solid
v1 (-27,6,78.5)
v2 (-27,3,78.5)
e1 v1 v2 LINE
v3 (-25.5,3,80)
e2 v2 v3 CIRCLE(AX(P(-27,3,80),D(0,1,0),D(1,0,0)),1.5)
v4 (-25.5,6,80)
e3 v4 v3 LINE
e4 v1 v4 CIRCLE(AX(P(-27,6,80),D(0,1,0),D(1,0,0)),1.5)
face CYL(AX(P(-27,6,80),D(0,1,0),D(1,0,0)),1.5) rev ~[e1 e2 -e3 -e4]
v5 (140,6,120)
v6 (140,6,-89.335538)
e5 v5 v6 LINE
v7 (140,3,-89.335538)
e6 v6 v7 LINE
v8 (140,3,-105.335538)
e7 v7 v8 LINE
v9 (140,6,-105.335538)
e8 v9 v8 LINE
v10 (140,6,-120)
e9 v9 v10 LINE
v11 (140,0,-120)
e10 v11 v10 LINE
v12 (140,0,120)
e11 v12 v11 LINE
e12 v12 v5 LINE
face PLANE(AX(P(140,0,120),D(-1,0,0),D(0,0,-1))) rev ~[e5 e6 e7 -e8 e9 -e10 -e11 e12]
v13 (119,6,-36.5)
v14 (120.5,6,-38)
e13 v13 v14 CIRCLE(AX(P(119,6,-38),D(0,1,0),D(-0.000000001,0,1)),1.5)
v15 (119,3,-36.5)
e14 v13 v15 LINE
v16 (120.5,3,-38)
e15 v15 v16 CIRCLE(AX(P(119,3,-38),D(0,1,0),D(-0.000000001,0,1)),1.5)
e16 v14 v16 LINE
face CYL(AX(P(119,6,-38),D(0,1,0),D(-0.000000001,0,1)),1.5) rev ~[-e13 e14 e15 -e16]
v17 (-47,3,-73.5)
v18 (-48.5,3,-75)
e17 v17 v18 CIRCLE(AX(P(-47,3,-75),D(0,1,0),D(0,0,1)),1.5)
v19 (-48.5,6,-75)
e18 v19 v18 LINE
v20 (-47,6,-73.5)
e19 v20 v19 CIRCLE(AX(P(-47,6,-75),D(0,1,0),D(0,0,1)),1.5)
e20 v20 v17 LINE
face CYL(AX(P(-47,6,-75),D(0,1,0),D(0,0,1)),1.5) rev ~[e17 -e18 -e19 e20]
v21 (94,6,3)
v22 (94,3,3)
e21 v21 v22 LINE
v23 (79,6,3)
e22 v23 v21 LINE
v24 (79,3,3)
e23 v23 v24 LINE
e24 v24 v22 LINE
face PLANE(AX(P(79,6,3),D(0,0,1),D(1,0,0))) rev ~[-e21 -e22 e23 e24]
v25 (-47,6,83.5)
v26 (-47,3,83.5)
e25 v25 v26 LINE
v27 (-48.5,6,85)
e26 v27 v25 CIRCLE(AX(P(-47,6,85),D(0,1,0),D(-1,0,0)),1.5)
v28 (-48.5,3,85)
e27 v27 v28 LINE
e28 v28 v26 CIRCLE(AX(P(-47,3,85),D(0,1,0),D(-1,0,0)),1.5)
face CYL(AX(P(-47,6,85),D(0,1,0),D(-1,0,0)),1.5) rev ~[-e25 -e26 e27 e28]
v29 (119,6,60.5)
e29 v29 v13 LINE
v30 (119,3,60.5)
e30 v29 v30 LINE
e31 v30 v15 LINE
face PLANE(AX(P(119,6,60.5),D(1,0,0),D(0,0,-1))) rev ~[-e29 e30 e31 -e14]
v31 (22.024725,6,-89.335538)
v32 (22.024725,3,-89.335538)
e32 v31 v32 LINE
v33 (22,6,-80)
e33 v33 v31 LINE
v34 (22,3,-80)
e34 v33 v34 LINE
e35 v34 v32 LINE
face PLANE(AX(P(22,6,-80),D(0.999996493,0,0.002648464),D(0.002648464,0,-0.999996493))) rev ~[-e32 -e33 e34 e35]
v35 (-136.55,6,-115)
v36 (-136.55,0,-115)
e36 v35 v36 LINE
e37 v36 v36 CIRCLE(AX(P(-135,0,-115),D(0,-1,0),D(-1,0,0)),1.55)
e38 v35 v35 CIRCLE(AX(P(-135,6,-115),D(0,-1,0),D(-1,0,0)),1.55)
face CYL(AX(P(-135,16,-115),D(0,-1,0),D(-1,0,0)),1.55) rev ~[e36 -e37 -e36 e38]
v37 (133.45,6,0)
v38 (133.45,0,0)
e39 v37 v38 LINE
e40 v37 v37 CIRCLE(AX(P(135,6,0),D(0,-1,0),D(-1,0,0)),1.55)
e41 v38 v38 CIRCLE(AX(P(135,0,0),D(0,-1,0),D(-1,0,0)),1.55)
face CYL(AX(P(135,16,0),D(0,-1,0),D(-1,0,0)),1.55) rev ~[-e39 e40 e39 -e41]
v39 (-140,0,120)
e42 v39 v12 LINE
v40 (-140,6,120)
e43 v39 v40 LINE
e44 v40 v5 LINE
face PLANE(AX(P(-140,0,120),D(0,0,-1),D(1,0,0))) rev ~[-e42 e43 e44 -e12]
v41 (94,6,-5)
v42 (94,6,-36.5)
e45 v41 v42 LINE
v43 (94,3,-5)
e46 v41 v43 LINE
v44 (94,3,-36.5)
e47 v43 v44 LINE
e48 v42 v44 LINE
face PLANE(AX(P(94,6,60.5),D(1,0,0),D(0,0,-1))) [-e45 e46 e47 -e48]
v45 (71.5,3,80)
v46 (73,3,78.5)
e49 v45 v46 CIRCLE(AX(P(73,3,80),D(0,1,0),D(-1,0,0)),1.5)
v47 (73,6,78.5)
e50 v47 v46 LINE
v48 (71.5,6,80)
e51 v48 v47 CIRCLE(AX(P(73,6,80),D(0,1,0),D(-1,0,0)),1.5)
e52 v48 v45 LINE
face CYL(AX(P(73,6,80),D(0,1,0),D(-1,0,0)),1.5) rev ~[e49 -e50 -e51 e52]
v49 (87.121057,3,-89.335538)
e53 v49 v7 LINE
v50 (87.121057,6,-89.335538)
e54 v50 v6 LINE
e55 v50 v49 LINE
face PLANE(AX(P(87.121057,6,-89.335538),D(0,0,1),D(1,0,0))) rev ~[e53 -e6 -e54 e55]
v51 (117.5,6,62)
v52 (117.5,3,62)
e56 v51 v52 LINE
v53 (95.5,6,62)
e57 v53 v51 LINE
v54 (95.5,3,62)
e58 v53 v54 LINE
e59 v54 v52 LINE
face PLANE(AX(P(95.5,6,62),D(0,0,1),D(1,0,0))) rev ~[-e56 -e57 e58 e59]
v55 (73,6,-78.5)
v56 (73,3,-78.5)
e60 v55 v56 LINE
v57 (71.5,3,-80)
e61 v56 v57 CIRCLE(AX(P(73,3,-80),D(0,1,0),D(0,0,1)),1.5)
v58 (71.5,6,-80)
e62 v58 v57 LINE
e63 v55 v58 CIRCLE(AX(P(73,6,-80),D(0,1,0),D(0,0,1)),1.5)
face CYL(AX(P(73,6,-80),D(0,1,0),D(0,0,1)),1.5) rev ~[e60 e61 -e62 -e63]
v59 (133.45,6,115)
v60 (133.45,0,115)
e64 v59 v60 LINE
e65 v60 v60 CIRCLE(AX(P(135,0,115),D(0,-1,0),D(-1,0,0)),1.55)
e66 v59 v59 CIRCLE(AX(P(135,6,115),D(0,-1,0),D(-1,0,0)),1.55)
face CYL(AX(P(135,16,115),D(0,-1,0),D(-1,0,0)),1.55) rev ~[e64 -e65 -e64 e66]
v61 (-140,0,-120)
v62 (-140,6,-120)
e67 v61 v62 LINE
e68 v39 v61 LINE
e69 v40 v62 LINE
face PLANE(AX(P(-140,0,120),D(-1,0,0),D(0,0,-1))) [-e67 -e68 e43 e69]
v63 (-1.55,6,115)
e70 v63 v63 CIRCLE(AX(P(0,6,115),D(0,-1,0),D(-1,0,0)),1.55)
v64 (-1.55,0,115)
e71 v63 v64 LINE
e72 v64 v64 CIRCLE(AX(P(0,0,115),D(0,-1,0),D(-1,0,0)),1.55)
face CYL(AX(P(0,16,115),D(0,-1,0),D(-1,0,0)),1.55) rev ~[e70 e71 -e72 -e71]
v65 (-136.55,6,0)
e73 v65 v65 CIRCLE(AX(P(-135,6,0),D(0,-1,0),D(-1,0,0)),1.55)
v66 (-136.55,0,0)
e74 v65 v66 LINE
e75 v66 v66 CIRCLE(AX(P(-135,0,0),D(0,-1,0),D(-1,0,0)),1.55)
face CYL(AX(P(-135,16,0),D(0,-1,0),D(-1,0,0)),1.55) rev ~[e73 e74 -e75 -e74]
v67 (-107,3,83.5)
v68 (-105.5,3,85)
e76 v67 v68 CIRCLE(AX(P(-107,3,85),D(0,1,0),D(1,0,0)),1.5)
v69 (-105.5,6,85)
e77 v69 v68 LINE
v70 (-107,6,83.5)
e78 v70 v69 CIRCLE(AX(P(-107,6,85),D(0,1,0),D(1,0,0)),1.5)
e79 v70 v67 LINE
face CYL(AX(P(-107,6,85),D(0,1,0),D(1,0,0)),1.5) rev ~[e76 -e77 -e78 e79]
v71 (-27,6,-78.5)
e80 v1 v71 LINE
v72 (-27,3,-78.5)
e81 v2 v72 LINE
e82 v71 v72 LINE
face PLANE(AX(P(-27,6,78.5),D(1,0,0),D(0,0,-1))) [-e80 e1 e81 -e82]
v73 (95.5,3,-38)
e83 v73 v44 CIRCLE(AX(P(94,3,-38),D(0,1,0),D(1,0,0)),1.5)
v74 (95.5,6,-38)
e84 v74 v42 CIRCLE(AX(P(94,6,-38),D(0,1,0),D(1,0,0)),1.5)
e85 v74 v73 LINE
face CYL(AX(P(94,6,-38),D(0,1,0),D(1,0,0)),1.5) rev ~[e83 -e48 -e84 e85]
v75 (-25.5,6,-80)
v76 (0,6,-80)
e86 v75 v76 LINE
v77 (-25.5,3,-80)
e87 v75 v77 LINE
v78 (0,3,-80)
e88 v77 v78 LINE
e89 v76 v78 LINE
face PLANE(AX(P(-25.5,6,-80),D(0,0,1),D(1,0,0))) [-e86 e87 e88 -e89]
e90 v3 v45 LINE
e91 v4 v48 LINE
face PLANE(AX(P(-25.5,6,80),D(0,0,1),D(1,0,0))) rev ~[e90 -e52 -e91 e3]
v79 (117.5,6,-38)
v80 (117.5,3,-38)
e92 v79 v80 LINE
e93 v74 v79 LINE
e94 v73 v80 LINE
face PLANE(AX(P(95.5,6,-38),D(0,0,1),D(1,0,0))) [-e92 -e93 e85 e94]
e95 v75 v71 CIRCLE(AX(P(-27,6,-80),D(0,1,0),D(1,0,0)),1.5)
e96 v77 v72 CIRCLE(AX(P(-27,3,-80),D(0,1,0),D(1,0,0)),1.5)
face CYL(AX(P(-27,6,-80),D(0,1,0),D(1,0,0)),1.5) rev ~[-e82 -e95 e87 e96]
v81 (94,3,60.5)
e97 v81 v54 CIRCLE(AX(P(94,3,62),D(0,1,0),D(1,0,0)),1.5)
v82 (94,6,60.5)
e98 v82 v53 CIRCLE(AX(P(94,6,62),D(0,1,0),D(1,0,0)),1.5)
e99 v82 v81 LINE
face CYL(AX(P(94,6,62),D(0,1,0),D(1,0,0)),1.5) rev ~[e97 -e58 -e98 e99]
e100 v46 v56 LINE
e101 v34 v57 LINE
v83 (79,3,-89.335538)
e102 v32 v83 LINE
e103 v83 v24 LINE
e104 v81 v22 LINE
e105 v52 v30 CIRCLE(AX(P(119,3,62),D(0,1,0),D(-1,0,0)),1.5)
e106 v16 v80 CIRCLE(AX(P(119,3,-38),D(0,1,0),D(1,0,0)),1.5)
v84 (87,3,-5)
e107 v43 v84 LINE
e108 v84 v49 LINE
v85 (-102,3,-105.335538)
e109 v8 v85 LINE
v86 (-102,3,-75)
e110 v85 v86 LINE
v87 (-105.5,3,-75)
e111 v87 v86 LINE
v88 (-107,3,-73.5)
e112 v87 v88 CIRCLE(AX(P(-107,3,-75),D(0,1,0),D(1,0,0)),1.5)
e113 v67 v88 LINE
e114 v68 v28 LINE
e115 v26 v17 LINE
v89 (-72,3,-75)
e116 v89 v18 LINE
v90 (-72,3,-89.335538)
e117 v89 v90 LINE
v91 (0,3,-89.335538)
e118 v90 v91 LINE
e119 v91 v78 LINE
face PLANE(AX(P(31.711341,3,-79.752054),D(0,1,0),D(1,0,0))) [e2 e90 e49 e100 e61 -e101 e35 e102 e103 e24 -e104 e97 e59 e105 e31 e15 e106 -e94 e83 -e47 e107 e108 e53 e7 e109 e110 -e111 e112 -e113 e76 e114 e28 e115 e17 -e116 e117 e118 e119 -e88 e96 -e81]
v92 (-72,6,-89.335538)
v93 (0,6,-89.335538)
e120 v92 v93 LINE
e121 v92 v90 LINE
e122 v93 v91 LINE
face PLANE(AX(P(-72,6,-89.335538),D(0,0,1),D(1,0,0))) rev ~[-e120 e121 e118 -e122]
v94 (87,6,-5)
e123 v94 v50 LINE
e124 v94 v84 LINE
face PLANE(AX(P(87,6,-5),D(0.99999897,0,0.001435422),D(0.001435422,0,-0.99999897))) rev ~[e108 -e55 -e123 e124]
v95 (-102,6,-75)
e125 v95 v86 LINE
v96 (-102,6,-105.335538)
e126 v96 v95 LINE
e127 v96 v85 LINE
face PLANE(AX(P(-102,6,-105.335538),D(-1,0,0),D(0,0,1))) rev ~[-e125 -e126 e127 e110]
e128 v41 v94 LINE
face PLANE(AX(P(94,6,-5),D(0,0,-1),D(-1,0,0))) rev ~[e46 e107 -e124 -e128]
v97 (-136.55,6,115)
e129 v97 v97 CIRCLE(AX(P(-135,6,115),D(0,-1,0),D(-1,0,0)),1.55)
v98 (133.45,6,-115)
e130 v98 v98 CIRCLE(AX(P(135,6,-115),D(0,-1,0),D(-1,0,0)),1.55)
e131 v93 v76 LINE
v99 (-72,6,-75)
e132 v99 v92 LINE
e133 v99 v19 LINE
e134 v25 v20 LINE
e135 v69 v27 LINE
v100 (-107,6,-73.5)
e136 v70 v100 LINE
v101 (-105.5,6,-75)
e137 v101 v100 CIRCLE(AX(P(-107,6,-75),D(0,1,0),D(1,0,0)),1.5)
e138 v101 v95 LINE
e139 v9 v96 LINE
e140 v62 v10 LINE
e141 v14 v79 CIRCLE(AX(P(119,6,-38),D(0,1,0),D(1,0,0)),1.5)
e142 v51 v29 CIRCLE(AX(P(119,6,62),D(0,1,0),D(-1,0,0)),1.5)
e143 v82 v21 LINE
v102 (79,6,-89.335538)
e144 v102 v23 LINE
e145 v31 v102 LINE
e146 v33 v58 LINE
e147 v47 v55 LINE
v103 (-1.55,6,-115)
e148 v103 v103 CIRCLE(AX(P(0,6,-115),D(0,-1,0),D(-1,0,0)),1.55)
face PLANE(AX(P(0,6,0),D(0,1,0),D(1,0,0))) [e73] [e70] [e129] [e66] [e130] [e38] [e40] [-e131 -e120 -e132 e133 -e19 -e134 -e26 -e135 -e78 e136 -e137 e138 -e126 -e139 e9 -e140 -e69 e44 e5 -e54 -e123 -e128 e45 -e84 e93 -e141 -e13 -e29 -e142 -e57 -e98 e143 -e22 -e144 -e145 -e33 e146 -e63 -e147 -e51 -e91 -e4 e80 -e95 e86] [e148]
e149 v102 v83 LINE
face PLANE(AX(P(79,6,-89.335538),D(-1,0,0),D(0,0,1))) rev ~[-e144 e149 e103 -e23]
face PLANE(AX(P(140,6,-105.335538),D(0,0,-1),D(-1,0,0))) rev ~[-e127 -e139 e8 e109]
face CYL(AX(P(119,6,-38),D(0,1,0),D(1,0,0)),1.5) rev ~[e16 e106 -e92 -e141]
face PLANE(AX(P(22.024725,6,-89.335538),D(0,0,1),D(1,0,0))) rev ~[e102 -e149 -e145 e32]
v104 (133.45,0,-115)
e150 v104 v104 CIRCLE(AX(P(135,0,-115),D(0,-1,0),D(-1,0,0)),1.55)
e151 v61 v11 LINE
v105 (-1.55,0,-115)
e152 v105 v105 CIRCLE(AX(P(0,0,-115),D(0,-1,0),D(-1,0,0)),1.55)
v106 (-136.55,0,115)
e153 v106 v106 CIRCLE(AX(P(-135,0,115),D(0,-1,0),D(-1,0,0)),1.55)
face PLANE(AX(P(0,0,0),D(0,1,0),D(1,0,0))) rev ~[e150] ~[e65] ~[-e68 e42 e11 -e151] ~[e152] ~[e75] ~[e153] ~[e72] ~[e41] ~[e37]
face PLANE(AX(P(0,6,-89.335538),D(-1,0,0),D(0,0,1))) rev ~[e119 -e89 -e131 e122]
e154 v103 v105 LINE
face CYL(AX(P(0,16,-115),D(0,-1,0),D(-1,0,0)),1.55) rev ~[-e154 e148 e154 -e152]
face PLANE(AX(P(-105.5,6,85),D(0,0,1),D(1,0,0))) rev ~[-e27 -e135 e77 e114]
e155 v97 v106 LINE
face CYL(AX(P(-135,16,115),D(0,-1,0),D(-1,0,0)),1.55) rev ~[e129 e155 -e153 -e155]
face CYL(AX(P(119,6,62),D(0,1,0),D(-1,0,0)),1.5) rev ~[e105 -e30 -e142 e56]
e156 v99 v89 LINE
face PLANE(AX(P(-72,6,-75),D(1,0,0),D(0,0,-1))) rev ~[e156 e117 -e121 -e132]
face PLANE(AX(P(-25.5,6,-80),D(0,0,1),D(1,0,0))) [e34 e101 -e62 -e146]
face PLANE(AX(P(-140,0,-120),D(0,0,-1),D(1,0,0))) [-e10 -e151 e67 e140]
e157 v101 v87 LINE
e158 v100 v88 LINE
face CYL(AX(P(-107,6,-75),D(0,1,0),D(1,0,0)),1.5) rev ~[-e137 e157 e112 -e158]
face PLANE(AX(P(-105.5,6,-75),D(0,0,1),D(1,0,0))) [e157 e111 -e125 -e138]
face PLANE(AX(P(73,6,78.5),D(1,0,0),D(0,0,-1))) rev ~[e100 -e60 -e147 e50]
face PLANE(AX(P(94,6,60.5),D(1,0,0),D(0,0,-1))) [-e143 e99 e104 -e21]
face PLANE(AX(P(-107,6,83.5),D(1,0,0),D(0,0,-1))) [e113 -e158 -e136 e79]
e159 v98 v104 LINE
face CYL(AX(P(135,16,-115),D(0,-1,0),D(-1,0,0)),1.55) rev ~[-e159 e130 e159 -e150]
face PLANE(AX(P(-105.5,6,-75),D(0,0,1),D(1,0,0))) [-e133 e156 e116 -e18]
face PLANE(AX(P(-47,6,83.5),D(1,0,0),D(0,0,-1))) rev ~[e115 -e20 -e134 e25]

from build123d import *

# Parameters (mm, degrees)
SKETCH_1_W                  = 280
SKETCH_1_H                  = 240
EXTRUDE_1_DEPTH             = 6
HOLE_WIZARD_3_1_3_1_1_D     = 3.1
HOLE_WIZARD_3_1_3_1_1_DEPTH = 10
HOLE_WIZARD_3_1_3_1_1_TIP   = 0.931333959
SKETCH_7_R                  = 1.5
SKETCH_7_W                  = 25
SKETCH_7_H                  = 100
SKETCH_7_W_2                = 100
SKETCH_7_H_2                = 160
SKETCH_7_W_3                = 60
CUT_EXTRUDE_1_DEPTH         = 3
CUT_EXTRUDE_2_DEPTH         = 3


with BuildPart() as part:
    # Эскиз1 → Бобышка-Вытянуть1 (new body)
    with BuildSketch(Plane(origin=(0, 0, 0), x_dir=(1, 0, 0), z_dir=(0, 1, 0))):
        Rectangle(SKETCH_1_W, SKETCH_1_H)
    extrude(amount=EXTRUDE_1_DEPTH)

    # Диаметр отверстия Ø3.1 (3.1)1
    with Locations(Plane(origin=(0, 6, 0), x_dir=(1, 0, 0), z_dir=(0, 1, 0))):
        with Locations((-135, 115), (0, 115), (135, 115), (135, 0), (135, -115), (0, -115), (-135, -115), (-135, 0), (401.523177345, 110.995095939)):
            Hole(HOLE_WIZARD_3_1_3_1_1_D / 2, depth=HOLE_WIZARD_3_1_3_1_1_DEPTH)
            with Locations((0, 0, -(HOLE_WIZARD_3_1_3_1_1_DEPTH + HOLE_WIZARD_3_1_3_1_1_TIP / 2))):  # 118° drill point
                Cone(0, HOLE_WIZARD_3_1_3_1_1_D / 2, HOLE_WIZARD_3_1_3_1_1_TIP, mode=Mode.SUBTRACT)

    # Эскиз7 → Вырез-Вытянуть1 (cut)
    with BuildSketch(Plane(origin=(0, 6, 0), x_dir=(1, 0, 0), z_dir=(0, 1, 0))):
        with BuildLine():
            ThreePointArc((120.5, 38), (119, 39.5), (117.5, 38))
            Line((117.5, 38), (119, 38))
            Line((119, 38), (119, 36.5))
            ThreePointArc((119, 36.5), (120.060660172, 36.939339828), (120.5, 38))
        make_face()
        with BuildLine():
            Line((119, 38), (117.5, 38))
            ThreePointArc((117.5, 38), (117.939339828, 36.939339828), (119, 36.5))
            Line((119, 36.5), (119, 38))
        make_face()
        with Locations((94, 38)):
            Circle(SKETCH_7_R)
        with Locations((94, -62)):
            Circle(SKETCH_7_R)
        with Locations((119, -62)):
            Circle(SKETCH_7_R)
        with Locations((119, 38)):
            Circle(SKETCH_7_R)
        with Locations((106.5, -12)):
            Rectangle(SKETCH_7_W, SKETCH_7_H)
        with BuildLine():
            ThreePointArc((94, 36.5), (95.060660172, 36.939339828), (95.5, 38))
            Line((95.5, 38), (94, 38))
            Line((94, 38), (94, 36.5))
        make_face()
        with BuildLine():
            Line((94, 38), (95.5, 38))
            ThreePointArc((95.5, 38), (92.939339828, 39.060660172), (94, 36.5))
            Line((94, 36.5), (94, 38))
        make_face()
        with BuildLine():
            ThreePointArc((95.5, -62), (95.060660172, -60.939339828), (94, -60.5))
            Line((94, -60.5), (94, -62))
            Line((94, -62), (95.5, -62))
        make_face()
        with BuildLine():
            Line((94, -62), (94, -60.5))
            ThreePointArc((94, -60.5), (92.939339828, -63.060660172), (95.5, -62))
            Line((95.5, -62), (94, -62))
        make_face()
        with BuildLine():
            ThreePointArc((120.5, -62), (120.060660172, -60.939339828), (119, -60.5))
            Line((119, -60.5), (119, -62))
            Line((119, -62), (117.5, -62))
            ThreePointArc((117.5, -62), (119, -63.5), (120.5, -62))
        make_face()
        with BuildLine():
            Line((119, -62), (119, -60.5))
            ThreePointArc((119, -60.5), (117.939339828, -60.939339828), (117.5, -62))
            Line((117.5, -62), (119, -62))
        make_face()
        with Locations((-27, 80)):
            Circle(SKETCH_7_R)
        with Locations((-27, -80)):
            Circle(SKETCH_7_R)
        with Locations((73, -80)):
            Circle(SKETCH_7_R)
        with Locations((73, 80)):
            Circle(SKETCH_7_R)
        with Locations((23, 0)):
            Rectangle(SKETCH_7_W_2, SKETCH_7_H_2)
        with Locations((-107, -85)):
            Circle(SKETCH_7_R)
        with Locations((-47, -85)):
            Circle(SKETCH_7_R)
        with Locations((-47, 75)):
            Circle(SKETCH_7_R)
        with Locations((-107, 75)):
            Circle(SKETCH_7_R)
        with Locations((-77, -5)):
            Rectangle(SKETCH_7_W_3, SKETCH_7_H_2)
        with BuildLine():
            ThreePointArc((74.5, 80), (73, 81.5), (71.5, 80))
            Line((71.5, 80), (73, 80))
            Line((73, 80), (73, 78.5))
            ThreePointArc((73, 78.5), (74.060660172, 78.939339828), (74.5, 80))
        make_face()
        with BuildLine():
            Line((73, 80), (71.5, 80))
            ThreePointArc((71.5, 80), (71.939339828, 78.939339828), (73, 78.5))
            Line((73, 78.5), (73, 80))
        make_face()
        with BuildLine():
            ThreePointArc((74.5, -80), (74.060660172, -78.939339828), (73, -78.5))
            Line((73, -78.5), (73, -80))
            Line((73, -80), (71.5, -80))
            ThreePointArc((71.5, -80), (73, -81.5), (74.5, -80))
        make_face()
        with BuildLine():
            Line((73, -80), (73, -78.5))
            ThreePointArc((73, -78.5), (71.939339828, -78.939339828), (71.5, -80))
            Line((71.5, -80), (73, -80))
        make_face()
        with BuildLine():
            ThreePointArc((-25.5, -80), (-25.939339828, -78.939339828), (-27, -78.5))
            Line((-27, -78.5), (-27, -80))
            Line((-27, -80), (-25.5, -80))
        make_face()
        with BuildLine():
            Line((-27, -80), (-27, -78.5))
            ThreePointArc((-27, -78.5), (-28.060660172, -81.060660172), (-25.5, -80))
            Line((-25.5, -80), (-27, -80))
        make_face()
        with BuildLine():
            ThreePointArc((-27, 78.5), (-25.939339828, 78.939339828), (-25.5, 80))
            Line((-25.5, 80), (-27, 80))
            Line((-27, 80), (-27, 78.5))
        make_face()
        with BuildLine():
            Line((-27, 80), (-25.5, 80))
            ThreePointArc((-25.5, 80), (-28.060660172, 81.060660172), (-27, 78.5))
            Line((-27, 78.5), (-27, 80))
        make_face()
        with BuildLine():
            ThreePointArc((-45.5, 75), (-47, 76.5), (-48.5, 75))
            Line((-48.5, 75), (-47, 75))
            Line((-47, 75), (-47, 73.5))
            ThreePointArc((-47, 73.5), (-45.939339828, 73.939339828), (-45.5, 75))
        make_face()
        with BuildLine():
            Line((-47, 75), (-48.5, 75))
            ThreePointArc((-48.5, 75), (-48.060660172, 73.939339828), (-47, 73.5))
            Line((-47, 73.5), (-47, 75))
        make_face()
        with BuildLine():
            ThreePointArc((-45.5, -85), (-45.939339828, -83.939339828), (-47, -83.5))
            Line((-47, -83.5), (-47, -85))
            Line((-47, -85), (-48.5, -85))
            ThreePointArc((-48.5, -85), (-47, -86.5), (-45.5, -85))
        make_face()
        with BuildLine():
            Line((-47, -85), (-47, -83.5))
            ThreePointArc((-47, -83.5), (-48.060660172, -83.939339828), (-48.5, -85))
            Line((-48.5, -85), (-47, -85))
        make_face()
        with BuildLine():
            ThreePointArc((-105.5, -85), (-105.939339828, -83.939339828), (-107, -83.5))
            Line((-107, -83.5), (-107, -85))
            Line((-107, -85), (-105.5, -85))
        make_face()
        with BuildLine():
            Line((-107, -85), (-107, -83.5))
            ThreePointArc((-107, -83.5), (-108.060660172, -86.060660172), (-105.5, -85))
            Line((-105.5, -85), (-107, -85))
        make_face()
        with BuildLine():
            ThreePointArc((-107, 73.5), (-105.939339828, 73.939339828), (-105.5, 75))
            Line((-105.5, 75), (-107, 75))
            Line((-107, 75), (-107, 73.5))
        make_face()
        with BuildLine():
            Line((-107, 75), (-105.5, 75))
            ThreePointArc((-105.5, 75), (-108.060660172, 76.060660172), (-107, 73.5))
            Line((-107, 73.5), (-107, 75))
        make_face()
    extrude(amount=-CUT_EXTRUDE_1_DEPTH, mode=Mode.SUBTRACT)

    # Эскиз8 → Вырез-Вытянуть2 (cut)
    with BuildSketch(Plane(origin=(0, 6, 0), x_dir=(1, 0, 0), z_dir=(0, 1, 0))):
        Polygon((87.121057206, 89.335537533), (140, 89.335537533), (140, 105.335537533), (22, 105.335537533), (-42.979723536, 105.335537533), (-102, 105.335537533), (-102, 89.335537533), (-102, 75), (-72, 75), (-72, 89.335537533), (0, 89.335537533), (0, 80), (22, 80), (22.024724926, 89.335537533), (79, 89.335537533), (79, -3), (94, -3), (94, 5), (87, 5), align=None)
    extrude(amount=-CUT_EXTRUDE_2_DEPTH, mode=Mode.SUBTRACT)


solid = part.part
